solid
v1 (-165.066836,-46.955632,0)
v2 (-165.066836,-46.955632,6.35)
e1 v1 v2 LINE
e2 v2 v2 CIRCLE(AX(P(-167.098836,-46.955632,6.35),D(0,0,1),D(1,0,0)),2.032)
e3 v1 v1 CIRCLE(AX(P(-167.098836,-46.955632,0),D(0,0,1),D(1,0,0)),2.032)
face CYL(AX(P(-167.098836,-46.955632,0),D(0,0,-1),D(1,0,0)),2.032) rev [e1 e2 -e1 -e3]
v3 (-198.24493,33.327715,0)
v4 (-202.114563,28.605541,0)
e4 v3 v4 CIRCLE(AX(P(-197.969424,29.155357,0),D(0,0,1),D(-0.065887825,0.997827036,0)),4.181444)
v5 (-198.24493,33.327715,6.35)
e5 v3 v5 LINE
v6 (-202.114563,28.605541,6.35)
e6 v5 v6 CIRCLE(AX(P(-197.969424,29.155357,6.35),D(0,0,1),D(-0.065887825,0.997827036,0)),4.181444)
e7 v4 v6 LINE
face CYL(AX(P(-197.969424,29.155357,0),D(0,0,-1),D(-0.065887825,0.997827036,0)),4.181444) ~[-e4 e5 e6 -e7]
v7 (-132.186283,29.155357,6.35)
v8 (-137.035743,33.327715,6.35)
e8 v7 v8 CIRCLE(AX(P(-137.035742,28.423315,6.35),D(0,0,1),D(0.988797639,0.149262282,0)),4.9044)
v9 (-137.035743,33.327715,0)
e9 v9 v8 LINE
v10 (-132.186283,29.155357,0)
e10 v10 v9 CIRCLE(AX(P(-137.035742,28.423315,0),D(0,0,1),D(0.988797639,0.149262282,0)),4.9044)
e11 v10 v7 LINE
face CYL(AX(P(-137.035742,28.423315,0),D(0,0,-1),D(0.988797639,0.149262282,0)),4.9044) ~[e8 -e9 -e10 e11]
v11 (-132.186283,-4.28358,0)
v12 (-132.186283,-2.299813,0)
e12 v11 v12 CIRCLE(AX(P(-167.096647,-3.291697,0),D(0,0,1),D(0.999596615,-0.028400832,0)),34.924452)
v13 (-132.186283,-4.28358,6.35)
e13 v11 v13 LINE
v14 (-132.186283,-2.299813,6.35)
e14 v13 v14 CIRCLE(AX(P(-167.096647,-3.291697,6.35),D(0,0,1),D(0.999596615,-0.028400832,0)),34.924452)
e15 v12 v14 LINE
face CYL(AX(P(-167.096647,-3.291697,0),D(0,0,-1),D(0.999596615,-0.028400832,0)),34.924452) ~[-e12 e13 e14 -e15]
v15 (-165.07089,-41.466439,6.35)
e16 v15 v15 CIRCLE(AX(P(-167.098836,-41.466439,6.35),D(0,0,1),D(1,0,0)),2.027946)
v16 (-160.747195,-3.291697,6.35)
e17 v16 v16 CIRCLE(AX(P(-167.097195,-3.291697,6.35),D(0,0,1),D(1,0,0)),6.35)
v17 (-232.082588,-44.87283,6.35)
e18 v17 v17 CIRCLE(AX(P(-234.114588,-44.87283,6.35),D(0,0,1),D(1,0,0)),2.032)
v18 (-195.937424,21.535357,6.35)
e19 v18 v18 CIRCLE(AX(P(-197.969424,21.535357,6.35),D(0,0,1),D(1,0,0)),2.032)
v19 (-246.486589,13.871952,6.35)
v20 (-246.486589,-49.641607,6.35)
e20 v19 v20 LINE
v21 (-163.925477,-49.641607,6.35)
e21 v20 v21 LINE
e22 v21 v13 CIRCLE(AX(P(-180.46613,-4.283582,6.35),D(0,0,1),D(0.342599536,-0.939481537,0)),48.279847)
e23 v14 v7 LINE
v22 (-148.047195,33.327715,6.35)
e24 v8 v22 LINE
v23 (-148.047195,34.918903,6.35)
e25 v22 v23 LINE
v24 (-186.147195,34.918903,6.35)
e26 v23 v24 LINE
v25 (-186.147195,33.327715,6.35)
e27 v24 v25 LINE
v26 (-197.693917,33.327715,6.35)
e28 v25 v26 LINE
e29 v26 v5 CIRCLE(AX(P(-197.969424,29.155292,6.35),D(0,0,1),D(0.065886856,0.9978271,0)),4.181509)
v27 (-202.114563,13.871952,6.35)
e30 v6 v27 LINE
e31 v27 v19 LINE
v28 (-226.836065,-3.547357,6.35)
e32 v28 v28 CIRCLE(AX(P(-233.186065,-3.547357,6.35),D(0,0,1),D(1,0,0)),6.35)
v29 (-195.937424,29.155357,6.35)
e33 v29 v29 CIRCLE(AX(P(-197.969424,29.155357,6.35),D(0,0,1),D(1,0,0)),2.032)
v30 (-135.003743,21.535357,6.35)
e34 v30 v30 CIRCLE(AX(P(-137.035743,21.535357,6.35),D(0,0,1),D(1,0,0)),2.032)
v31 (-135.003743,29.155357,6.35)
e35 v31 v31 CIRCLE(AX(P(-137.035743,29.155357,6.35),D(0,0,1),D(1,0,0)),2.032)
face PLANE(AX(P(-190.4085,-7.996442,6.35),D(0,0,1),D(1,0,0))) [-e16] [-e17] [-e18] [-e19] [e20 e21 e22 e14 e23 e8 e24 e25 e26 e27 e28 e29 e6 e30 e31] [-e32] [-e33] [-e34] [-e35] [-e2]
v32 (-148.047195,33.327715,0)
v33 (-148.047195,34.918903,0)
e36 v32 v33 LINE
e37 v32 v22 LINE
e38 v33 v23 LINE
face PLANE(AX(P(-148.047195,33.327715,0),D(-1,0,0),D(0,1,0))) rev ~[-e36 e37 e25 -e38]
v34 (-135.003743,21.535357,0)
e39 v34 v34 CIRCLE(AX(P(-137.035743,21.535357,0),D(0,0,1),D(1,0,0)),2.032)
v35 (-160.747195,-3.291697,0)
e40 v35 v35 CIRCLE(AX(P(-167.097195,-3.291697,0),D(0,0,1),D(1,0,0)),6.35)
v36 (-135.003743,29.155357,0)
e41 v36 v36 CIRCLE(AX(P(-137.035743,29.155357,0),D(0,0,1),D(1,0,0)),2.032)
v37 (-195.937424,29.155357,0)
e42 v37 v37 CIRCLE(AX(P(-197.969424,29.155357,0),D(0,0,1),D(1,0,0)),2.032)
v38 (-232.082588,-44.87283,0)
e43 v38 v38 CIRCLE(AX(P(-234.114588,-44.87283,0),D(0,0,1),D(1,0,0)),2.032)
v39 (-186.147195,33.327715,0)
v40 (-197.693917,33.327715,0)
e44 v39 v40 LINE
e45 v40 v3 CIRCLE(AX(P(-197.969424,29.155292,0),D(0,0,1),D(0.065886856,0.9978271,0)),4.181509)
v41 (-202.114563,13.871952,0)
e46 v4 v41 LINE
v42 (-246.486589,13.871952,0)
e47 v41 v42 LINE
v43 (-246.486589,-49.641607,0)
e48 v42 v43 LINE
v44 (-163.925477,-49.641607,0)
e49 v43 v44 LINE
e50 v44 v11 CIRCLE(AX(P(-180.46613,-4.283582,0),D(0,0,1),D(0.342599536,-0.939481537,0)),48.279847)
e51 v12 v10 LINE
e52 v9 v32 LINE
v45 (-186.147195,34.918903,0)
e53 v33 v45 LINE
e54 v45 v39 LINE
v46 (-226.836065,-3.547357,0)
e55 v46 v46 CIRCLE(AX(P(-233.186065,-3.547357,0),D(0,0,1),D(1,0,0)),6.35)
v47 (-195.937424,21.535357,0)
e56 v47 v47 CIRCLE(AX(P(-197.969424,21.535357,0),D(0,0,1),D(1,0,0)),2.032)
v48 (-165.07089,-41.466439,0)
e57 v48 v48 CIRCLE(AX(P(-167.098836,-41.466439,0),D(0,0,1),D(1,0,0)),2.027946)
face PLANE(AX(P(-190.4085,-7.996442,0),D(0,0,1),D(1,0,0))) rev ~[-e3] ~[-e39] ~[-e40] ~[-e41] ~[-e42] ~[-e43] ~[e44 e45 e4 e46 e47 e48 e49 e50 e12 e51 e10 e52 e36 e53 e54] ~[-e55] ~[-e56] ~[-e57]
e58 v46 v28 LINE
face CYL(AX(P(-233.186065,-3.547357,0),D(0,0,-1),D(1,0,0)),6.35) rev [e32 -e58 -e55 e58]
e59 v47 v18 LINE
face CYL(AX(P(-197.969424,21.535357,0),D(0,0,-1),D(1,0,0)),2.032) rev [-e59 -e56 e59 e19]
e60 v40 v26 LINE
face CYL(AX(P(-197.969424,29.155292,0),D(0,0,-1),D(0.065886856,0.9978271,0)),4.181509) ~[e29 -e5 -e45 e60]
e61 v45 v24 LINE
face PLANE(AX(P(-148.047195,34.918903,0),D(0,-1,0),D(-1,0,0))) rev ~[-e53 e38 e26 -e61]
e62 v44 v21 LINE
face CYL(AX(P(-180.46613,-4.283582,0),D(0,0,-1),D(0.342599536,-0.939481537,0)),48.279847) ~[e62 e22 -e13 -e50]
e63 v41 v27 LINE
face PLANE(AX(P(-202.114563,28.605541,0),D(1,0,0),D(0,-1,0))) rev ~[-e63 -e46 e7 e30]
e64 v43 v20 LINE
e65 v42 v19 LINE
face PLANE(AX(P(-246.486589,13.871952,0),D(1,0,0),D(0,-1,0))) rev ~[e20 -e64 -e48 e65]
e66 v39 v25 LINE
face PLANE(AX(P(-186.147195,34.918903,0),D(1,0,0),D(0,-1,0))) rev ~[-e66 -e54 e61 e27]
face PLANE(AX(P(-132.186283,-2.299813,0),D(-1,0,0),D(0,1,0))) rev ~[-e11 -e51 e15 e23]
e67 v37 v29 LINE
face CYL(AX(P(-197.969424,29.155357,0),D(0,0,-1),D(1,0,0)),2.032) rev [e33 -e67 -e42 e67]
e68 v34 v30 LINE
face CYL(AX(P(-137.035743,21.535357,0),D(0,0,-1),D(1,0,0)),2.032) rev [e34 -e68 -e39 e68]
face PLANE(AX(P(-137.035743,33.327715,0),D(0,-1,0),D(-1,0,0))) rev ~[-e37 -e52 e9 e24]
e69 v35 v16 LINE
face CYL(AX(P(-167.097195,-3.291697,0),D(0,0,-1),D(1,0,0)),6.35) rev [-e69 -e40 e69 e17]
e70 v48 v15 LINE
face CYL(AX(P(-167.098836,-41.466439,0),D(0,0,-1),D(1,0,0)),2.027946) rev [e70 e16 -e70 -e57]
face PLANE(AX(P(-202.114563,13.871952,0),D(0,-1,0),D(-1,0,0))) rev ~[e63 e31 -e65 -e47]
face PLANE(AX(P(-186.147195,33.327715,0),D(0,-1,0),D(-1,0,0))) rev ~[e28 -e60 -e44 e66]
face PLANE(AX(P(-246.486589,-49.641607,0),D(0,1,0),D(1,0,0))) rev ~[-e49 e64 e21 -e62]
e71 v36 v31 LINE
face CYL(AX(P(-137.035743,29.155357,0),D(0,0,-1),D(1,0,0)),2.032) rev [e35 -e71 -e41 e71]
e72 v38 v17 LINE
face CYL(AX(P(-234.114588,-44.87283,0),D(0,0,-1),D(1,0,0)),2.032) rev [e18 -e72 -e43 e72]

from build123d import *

# Parameters (mm, degrees)
F0_R     = 2.032
F0_R_2   = 2.027946
F0_R_3   = 6.35
F1_DEPTH = 6.35


with BuildPart() as f1:
    # F0 (on Top) → F1 (new body)
    with BuildSketch(Plane.XY):
        with BuildLine():
            Line((-170.272195, -49.641607), (-163.925477, -49.641607))
            ThreePointArc((-163.925477, -49.641607), (-140.909058, -31.963569), (-132.186283, -4.28358))
            Line((-132.186283, -4.28358), (-132.186283, -2.299813))
            Line((-132.186283, -2.299813), (-132.186283, 29.155357))
            ThreePointArc((-132.186283, 29.155357), (-133.837078, 32.141068), (-137.035743, 33.327715))
            Line((-137.035743, 33.327715), (-148.047195, 33.327715))
            Line((-148.047195, 33.327715), (-148.047195, 34.918903))
            Line((-148.047195, 34.918903), (-186.147195, 34.918903))
            Line((-186.147195, 34.918903), (-186.147195, 33.327715))
            Line((-186.147195, 33.327715), (-197.693917, 33.327715))
            Line((-197.693917, 33.327715), (-198.24493, 33.327715))
            ThreePointArc((-198.24493, 33.327715), (-201.203656, 31.805681), (-202.114563, 28.605541))
            Line((-202.114563, 28.605541), (-202.114563, 13.871952))
            Line((-202.114563, 13.871952), (-246.486589, 13.871952))
            Line((-246.486589, 13.871952), (-246.486589, -49.641607))
            Line((-246.486589, -49.641607), (-240.805238, -49.641607))
            Line((-240.805238, -49.641607), (-170.272195, -49.641607))
        make_face()
        with Locations((-234.114588, -44.87283)):
            Circle(F0_R, mode=Mode.SUBTRACT)
        with Locations((-167.098836, -46.955632)):
            Circle(F0_R, mode=Mode.SUBTRACT)
        with Locations((-167.098836, -41.466439)):
            Circle(F0_R_2, mode=Mode.SUBTRACT)
        with Locations((-233.186065, -3.547357)):
            Circle(F0_R_3, mode=Mode.SUBTRACT)
        with Locations((-197.969424, 21.535357)):
            Circle(F0_R, mode=Mode.SUBTRACT)
        with Locations((-197.969424, 29.155357)):
            Circle(F0_R, mode=Mode.SUBTRACT)
        with Locations((-167.097195, -3.291697)):
            Circle(F0_R_3, mode=Mode.SUBTRACT)
        with Locations((-137.035743, 21.535357)):
            Circle(F0_R, mode=Mode.SUBTRACT)
        with Locations((-137.035743, 29.155357)):
            Circle(F0_R, mode=Mode.SUBTRACT)
        with BuildLine():
            Line((-132.186283, -2.299813), (-132.186283, -4.28358))
            ThreePointArc((-132.186283, -4.28358), (-132.172195, -3.291697), (-132.186283, -2.299813))
        make_face()
        with BuildLine():
            ThreePointArc((-197.693917, 33.327715), (-197.969424, 33.336801), (-198.24493, 33.327715))
            Line((-198.24493, 33.327715), (-197.693917, 33.327715))
        make_face()
    extrude(amount=F1_DEPTH)


solid = f1.part
